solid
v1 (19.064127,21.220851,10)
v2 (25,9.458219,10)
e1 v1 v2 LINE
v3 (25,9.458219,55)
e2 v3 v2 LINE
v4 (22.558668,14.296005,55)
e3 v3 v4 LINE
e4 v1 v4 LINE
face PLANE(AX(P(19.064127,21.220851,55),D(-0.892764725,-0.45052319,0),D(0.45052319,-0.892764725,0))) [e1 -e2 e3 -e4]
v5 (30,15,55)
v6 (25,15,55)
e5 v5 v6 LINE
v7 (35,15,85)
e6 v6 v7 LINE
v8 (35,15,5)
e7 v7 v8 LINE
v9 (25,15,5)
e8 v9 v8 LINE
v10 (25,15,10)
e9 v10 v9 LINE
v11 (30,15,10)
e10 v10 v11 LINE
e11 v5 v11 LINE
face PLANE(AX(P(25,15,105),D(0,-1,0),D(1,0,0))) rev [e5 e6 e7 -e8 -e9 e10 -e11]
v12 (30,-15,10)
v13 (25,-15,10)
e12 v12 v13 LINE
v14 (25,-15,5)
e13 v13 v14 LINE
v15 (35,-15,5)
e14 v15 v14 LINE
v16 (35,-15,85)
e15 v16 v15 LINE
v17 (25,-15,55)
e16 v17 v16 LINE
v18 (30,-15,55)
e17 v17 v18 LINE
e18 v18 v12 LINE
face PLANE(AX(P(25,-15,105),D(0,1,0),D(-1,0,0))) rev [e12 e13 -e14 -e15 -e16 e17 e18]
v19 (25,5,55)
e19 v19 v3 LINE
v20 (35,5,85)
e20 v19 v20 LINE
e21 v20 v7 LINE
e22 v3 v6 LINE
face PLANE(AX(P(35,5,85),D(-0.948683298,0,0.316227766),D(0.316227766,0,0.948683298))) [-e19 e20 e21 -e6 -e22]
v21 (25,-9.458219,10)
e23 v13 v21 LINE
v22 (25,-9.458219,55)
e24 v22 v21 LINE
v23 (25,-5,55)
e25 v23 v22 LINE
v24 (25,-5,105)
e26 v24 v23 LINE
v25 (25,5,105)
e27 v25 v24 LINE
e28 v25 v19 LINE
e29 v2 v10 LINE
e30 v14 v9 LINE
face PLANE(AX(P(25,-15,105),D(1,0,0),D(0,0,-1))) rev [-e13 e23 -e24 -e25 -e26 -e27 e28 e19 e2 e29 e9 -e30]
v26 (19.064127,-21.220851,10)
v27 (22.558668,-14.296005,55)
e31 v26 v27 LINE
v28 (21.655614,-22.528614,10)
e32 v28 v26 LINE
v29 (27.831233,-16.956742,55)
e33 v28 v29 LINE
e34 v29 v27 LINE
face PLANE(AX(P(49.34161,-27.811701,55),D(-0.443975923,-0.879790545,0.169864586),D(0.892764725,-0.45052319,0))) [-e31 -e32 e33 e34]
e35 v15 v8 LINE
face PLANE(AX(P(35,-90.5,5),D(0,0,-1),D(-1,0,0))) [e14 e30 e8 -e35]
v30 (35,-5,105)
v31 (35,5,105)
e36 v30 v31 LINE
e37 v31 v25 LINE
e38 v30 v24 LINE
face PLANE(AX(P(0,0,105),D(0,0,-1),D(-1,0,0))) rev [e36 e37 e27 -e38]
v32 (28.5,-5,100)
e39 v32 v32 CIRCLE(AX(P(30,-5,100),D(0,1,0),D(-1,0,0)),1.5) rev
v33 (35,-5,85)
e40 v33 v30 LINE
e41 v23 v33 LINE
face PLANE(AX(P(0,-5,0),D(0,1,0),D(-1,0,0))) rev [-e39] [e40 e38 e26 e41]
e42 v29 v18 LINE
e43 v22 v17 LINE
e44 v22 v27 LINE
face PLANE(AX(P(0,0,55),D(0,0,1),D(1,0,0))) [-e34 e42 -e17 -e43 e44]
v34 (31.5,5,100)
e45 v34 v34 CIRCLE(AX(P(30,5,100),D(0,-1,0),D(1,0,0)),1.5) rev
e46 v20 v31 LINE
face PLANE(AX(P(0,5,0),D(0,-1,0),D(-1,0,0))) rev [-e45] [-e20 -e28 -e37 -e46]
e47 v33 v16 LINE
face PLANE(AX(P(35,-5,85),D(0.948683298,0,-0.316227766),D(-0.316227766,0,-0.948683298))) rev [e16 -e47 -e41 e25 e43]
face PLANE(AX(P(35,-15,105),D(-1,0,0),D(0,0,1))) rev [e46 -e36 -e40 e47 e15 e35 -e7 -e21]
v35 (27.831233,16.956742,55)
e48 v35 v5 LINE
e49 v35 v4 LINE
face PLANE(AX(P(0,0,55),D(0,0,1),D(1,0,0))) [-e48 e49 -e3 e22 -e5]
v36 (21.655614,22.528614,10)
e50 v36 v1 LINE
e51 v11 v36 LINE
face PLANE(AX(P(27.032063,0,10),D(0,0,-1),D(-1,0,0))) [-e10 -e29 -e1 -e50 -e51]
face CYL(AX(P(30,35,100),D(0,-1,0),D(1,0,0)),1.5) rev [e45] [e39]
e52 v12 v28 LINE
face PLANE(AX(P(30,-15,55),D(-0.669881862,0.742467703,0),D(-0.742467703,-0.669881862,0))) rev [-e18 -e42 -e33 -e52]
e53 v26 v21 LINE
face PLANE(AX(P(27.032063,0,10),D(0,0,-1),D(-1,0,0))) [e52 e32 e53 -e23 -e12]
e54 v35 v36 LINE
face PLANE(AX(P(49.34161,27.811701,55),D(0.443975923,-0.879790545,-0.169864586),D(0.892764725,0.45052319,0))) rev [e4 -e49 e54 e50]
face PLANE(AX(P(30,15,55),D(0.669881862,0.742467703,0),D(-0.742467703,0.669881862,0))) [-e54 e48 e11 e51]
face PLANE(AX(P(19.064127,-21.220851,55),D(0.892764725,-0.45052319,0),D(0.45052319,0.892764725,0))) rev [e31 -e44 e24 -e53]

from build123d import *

# Parameters (mm, degrees)
CROQUIS1_R              = 55
CROQUIS1_W              = 45
CROQUIS1_H              = 15
SALIENTE_EXTRUIR1_DEPTH = 10
CROQUIS2_W              = 10
CROQUIS2_H              = 30
SALIENTE_EXTRUIR2_DEPTH = 95
CROQUIS3_R              = 1.5
CORTAR_EXTRUIR1_DEPTH   = 50
CORTAR_EXTRUIR2_DEPTH   = 10
CROQUIS5_R              = 2.5
CORTAR_EXTRUIR3_DEPTH   = 85
CROQUIS7_R              = 2.5
SALIENTE_EXTRUIR3_DEPTH = 5
CORTAR_EXTRUIR4_DEPTH   = 10
CROQUIS10_R             = 2.575
CROQUIS11_OUTSIDE_W     = 149.536
CROQUIS11_OUTSIDE_H     = 144.536
CROQUIS11_OUTSIDE_W_2   = 10
CROQUIS11_OUTSIDE_H_2   = 100
CORTAR_EXTRUIR5_DEPTH   = 105.5
CROQUIS12_OUTSIDE_W     = 40.072
CROQUIS12_OUTSIDE_H     = 128.052
CROQUIS12_OUTSIDE_W_2   = 10
CROQUIS12_OUTSIDE_H_2   = 30
CORTAR_EXTRUIR6_DEPTH   = 10
SALIENTE_EXTRUIR4_DEPTH = 50
CORTAR_EXTRUIR7_DEPTH   = 30
CROQUIS18_OUTSIDE_W     = 40.218
CROQUIS18_OUTSIDE_H     = 70.744
CROQUIS18_OUTSIDE_W_2   = 10
CROQUIS18_OUTSIDE_H_2   = 30
CORTAR_EXTRUIR8_DEPTH   = 5


with BuildPart() as part:
    # Croquis1 → Saliente-Extruir1 (new body)
    with BuildSketch(Plane.XY):
        Circle(CROQUIS1_R)
        with Locations((0, -2.5)):
            Rectangle(CROQUIS1_W, CROQUIS1_H, mode=Mode.SUBTRACT)
    extrude(amount=SALIENTE_EXTRUIR1_DEPTH)

    # Croquis2 → Saliente-Extruir2 (add)
    with BuildSketch(Plane.XY.offset(10)):
        with Locations((30, 0)):
            Rectangle(CROQUIS2_W, CROQUIS2_H)
    extrude(amount=SALIENTE_EXTRUIR2_DEPTH)

    # Croquis3 → Cortar-Extruir1 (cut)
    with BuildSketch(Plane.XZ.offset(15)):
        with Locations((30, 100)):
            Circle(CROQUIS3_R)
    extrude(amount=-CORTAR_EXTRUIR1_DEPTH, mode=Mode.SUBTRACT)

    # Croquis4 → Cortar-Extruir2 (cut)
    with BuildSketch(Plane.XZ.offset(15)):
        Polygon((35, 85), (25, 55), (25, 95), (25, 105), (35, 105), align=None)
    cortar_extruir2 = extrude(amount=-CORTAR_EXTRUIR2_DEPTH, mode=Mode.SUBTRACT)

    # Simetría1: Cortar-Extruir2 across plane
    add(cortar_extruir2.mirror(Plane.ZX), mode=Mode.SUBTRACT)

    # Croquis5 → Cortar-Extruir3 (cut, symmetric)
    with BuildSketch(Plane.XZ.offset(-5)):
        with Locations(Location((0, 5, 0), (0, 0, 270))):
            Circle(CROQUIS5_R)
    extrude(amount=CORTAR_EXTRUIR3_DEPTH, both=True, mode=Mode.SUBTRACT)

    # Croquis7 → Saliente-Extruir3 (add)
    with BuildSketch(Plane.XY.offset(10)):
        with Locations((0, 48.5)):
            Circle(CROQUIS7_R)
    extrude(amount=SALIENTE_EXTRUIR3_DEPTH)

    # Croquis8 → Cortar-Extruir4 (cut)
    with BuildSketch(Plane.XY.offset(10)):
        with BuildLine():
            Line((8.999999995, 39.891287847), (8.999999995, 38.6))
            Line((8.999999995, 38.6), (7.708712148, 38.6))
            ThreePointArc((7.708712148, 38.6), (7.499999995, 37.6), (7.708712148, 36.6))
            Line((7.708712148, 36.6), (8.999999995, 36.6))
            Line((8.999999995, 36.6), (8.999999995, 35.308712153))
            ThreePointArc((8.999999995, 35.308712153), (9.999999995, 35.1), (10.999999995, 35.308712153))
            Line((10.999999995, 35.308712153), (10.999999995, 36.6))
            Line((10.999999995, 36.6), (12.291287843, 36.6))
            ThreePointArc((12.291287843, 36.6), (12.499999995, 37.6), (12.291287843, 38.6))
            Line((12.291287843, 38.6), (10.999999995, 38.6))
            Line((10.999999995, 38.6), (10.999999995, 39.891287847))
            ThreePointArc((10.999999995, 39.891287847), (9.999999995, 40.1), (8.999999995, 39.891287847))
        make_face()
        with BuildLine():
            Line((-7.708712157, 36.6), (-9.000000005, 36.6))
            Line((-9.000000005, 36.6), (-9.000000005, 35.308712153))
            ThreePointArc((-9.000000005, 35.308712153), (-10.000000005, 35.1), (-11.000000005, 35.308712153))
            Line((-11.000000005, 35.308712153), (-11.000000005, 36.6))
            Line((-11.000000005, 36.6), (-12.291287852, 36.6))
            ThreePointArc((-12.291287852, 36.6), (-12.500000005, 37.6), (-12.291287852, 38.6))
            Line((-12.291287852, 38.6), (-11.000000005, 38.6))
            Line((-11.000000005, 38.6), (-11.000000005, 39.891287847))
            ThreePointArc((-11.000000005, 39.891287847), (-10.000000005, 40.1), (-9.000000005, 39.891287847))
            Line((-9.000000005, 39.891287847), (-9.000000005, 38.6))
            Line((-9.000000005, 38.6), (-7.708712157, 38.6))
            ThreePointArc((-7.708712157, 38.6), (-7.500000005, 37.6), (-7.708712157, 36.6))
        make_face()
        with BuildLine():
            Line((-7.708712153, -35.749999986), (-9, -35.749999986))
            Line((-9, -35.749999986), (-9, -37.041287833))
            ThreePointArc((-9, -37.041287833), (-10, -37.249999986), (-11, -37.041287833))
            Line((-11, -37.041287833), (-11, -35.749999986))
            Line((-11, -35.749999986), (-12.291287847, -35.749999986))
            ThreePointArc((-12.291287847, -35.749999986), (-12.5, -34.749999986), (-12.291287847, -33.749999986))
            Line((-12.291287847, -33.749999986), (-11, -33.749999986))
            Line((-11, -33.749999986), (-11, -32.458712138))
            ThreePointArc((-11, -32.458712138), (-10, -32.249999986), (-9, -32.458712138))
            Line((-9, -32.458712138), (-9, -33.749999986))
            Line((-9, -33.749999986), (-7.708712153, -33.749999986))
            ThreePointArc((-7.708712153, -33.749999986), (-7.5, -34.749999986), (-7.708712153, -35.749999986))
        make_face()
        with BuildLine():
            Line((8.999999991, -35.749999986), (8.999999991, -37.041287833))
            ThreePointArc((8.999999991, -37.041287833), (9.999999991, -37.249999986), (10.999999991, -37.041287833))
            Line((10.999999991, -37.041287833), (10.999999991, -35.749999986))
            Line((10.999999991, -35.749999986), (12.291287838, -35.749999986))
            ThreePointArc((12.291287838, -35.749999986), (12.499999991, -34.749999986), (12.291287838, -33.749999986))
            Line((12.291287838, -33.749999986), (10.999999991, -33.749999986))
            Line((10.999999991, -33.749999986), (10.999999991, -32.458712138))
            ThreePointArc((10.999999991, -32.458712138), (9.999999991, -32.249999986), (8.999999991, -32.458712138))
            Line((8.999999991, -32.458712138), (8.999999991, -33.749999986))
            Line((8.999999991, -33.749999986), (7.708712143, -33.749999986))
            ThreePointArc((7.708712143, -33.749999986), (7.499999991, -34.749999986), (7.708712143, -35.749999986))
            Line((7.708712143, -35.749999986), (8.999999991, -35.749999986))
        make_face()
    extrude(amount=-CORTAR_EXTRUIR4_DEPTH, mode=Mode.SUBTRACT)

    # Croquis10 → Cortar-Revolución1 (revolve, cut)
    with BuildSketch(Plane(origin=(0, 0, 0), x_dir=(1, 0, 0), z_dir=(0, 1, 0))):
        with Locations((-55, -5)):
            Circle(CROQUIS10_R)
    revolve(axis=Axis((0, 0, 0), (0, 0, 1)), mode=Mode.SUBTRACT)

    # Croquis11 outside → Cortar-Extruir5 (cut, symmetric)
    with BuildSketch(Plane(origin=(0, 15, 0), x_dir=(1, 0, 0), z_dir=(0, 1, 0))):
        with Locations((0, -52.5)):
            Rectangle(CROQUIS11_OUTSIDE_W, CROQUIS11_OUTSIDE_H)
        with Locations((30, -55)):
            Rectangle(CROQUIS11_OUTSIDE_W_2, CROQUIS11_OUTSIDE_H_2, mode=Mode.SUBTRACT)
    extrude(amount=CORTAR_EXTRUIR5_DEPTH, both=True, mode=Mode.SUBTRACT)

    # Croquis12 outside → Cortar-Extruir6 (cut)
    with BuildSketch(Plane.XY.offset(10)):
        with Locations((30, 0)):
            Rectangle(CROQUIS12_OUTSIDE_W, CROQUIS12_OUTSIDE_H)
        with Locations((30, 0)):
            Rectangle(CROQUIS12_OUTSIDE_W_2, CROQUIS12_OUTSIDE_H_2, mode=Mode.SUBTRACT)
    extrude(amount=-CORTAR_EXTRUIR6_DEPTH, mode=Mode.SUBTRACT)

    # Croquis15 → Saliente-Extruir4 (add)
    with BuildSketch(Plane(origin=(0, 0, 5), x_dir=(-1, 0, 0), z_dir=(0, 0, -1))):
        Polygon((-30, 15), (-20.877471703, 23.230682918), (-19.064126659, 21.220850729), (-25, 9.458219088), align=None)
    saliente_extruir4 = extrude(amount=-SALIENTE_EXTRUIR4_DEPTH)

    # Croquis17 → Cortar-Extruir7 (cut)
    with BuildSketch(Plane(origin=(23.729923141, 11.975025866, 0), x_dir=(0, 0, 1), z_dir=(-0.8927647254437483, -0.4505231903058363, 0))):
        Polygon((55, 2.599765556), (10, 10.356395812), (-8.093174243, 24.440719527), (32.70757592, 13.533993104), (58.299435985, 13.533993104), align=None)
    cortar_extruir7 = extrude(amount=-CORTAR_EXTRUIR7_DEPTH, mode=Mode.SUBTRACT)

    # Simetría2: Saliente-Extruir4, Cortar-Extruir7 across plane
    add(saliente_extruir4.mirror(Plane.ZX))
    add(cortar_extruir7.mirror(Plane.ZX), mode=Mode.SUBTRACT)

    # Croquis18 outside → Cortar-Extruir8 (cut)
    with BuildSketch(Plane(origin=(0, 0, 5), x_dir=(-1, 0, 0), z_dir=(0, 0, -1))):
        with Locations((-27.032, 0)):
            Rectangle(CROQUIS18_OUTSIDE_W, CROQUIS18_OUTSIDE_H)
        with Locations((-30, 0)):
            Rectangle(CROQUIS18_OUTSIDE_W_2, CROQUIS18_OUTSIDE_H_2, mode=Mode.SUBTRACT)
    extrude(amount=-CORTAR_EXTRUIR8_DEPTH, mode=Mode.SUBTRACT)


solid = part.part
